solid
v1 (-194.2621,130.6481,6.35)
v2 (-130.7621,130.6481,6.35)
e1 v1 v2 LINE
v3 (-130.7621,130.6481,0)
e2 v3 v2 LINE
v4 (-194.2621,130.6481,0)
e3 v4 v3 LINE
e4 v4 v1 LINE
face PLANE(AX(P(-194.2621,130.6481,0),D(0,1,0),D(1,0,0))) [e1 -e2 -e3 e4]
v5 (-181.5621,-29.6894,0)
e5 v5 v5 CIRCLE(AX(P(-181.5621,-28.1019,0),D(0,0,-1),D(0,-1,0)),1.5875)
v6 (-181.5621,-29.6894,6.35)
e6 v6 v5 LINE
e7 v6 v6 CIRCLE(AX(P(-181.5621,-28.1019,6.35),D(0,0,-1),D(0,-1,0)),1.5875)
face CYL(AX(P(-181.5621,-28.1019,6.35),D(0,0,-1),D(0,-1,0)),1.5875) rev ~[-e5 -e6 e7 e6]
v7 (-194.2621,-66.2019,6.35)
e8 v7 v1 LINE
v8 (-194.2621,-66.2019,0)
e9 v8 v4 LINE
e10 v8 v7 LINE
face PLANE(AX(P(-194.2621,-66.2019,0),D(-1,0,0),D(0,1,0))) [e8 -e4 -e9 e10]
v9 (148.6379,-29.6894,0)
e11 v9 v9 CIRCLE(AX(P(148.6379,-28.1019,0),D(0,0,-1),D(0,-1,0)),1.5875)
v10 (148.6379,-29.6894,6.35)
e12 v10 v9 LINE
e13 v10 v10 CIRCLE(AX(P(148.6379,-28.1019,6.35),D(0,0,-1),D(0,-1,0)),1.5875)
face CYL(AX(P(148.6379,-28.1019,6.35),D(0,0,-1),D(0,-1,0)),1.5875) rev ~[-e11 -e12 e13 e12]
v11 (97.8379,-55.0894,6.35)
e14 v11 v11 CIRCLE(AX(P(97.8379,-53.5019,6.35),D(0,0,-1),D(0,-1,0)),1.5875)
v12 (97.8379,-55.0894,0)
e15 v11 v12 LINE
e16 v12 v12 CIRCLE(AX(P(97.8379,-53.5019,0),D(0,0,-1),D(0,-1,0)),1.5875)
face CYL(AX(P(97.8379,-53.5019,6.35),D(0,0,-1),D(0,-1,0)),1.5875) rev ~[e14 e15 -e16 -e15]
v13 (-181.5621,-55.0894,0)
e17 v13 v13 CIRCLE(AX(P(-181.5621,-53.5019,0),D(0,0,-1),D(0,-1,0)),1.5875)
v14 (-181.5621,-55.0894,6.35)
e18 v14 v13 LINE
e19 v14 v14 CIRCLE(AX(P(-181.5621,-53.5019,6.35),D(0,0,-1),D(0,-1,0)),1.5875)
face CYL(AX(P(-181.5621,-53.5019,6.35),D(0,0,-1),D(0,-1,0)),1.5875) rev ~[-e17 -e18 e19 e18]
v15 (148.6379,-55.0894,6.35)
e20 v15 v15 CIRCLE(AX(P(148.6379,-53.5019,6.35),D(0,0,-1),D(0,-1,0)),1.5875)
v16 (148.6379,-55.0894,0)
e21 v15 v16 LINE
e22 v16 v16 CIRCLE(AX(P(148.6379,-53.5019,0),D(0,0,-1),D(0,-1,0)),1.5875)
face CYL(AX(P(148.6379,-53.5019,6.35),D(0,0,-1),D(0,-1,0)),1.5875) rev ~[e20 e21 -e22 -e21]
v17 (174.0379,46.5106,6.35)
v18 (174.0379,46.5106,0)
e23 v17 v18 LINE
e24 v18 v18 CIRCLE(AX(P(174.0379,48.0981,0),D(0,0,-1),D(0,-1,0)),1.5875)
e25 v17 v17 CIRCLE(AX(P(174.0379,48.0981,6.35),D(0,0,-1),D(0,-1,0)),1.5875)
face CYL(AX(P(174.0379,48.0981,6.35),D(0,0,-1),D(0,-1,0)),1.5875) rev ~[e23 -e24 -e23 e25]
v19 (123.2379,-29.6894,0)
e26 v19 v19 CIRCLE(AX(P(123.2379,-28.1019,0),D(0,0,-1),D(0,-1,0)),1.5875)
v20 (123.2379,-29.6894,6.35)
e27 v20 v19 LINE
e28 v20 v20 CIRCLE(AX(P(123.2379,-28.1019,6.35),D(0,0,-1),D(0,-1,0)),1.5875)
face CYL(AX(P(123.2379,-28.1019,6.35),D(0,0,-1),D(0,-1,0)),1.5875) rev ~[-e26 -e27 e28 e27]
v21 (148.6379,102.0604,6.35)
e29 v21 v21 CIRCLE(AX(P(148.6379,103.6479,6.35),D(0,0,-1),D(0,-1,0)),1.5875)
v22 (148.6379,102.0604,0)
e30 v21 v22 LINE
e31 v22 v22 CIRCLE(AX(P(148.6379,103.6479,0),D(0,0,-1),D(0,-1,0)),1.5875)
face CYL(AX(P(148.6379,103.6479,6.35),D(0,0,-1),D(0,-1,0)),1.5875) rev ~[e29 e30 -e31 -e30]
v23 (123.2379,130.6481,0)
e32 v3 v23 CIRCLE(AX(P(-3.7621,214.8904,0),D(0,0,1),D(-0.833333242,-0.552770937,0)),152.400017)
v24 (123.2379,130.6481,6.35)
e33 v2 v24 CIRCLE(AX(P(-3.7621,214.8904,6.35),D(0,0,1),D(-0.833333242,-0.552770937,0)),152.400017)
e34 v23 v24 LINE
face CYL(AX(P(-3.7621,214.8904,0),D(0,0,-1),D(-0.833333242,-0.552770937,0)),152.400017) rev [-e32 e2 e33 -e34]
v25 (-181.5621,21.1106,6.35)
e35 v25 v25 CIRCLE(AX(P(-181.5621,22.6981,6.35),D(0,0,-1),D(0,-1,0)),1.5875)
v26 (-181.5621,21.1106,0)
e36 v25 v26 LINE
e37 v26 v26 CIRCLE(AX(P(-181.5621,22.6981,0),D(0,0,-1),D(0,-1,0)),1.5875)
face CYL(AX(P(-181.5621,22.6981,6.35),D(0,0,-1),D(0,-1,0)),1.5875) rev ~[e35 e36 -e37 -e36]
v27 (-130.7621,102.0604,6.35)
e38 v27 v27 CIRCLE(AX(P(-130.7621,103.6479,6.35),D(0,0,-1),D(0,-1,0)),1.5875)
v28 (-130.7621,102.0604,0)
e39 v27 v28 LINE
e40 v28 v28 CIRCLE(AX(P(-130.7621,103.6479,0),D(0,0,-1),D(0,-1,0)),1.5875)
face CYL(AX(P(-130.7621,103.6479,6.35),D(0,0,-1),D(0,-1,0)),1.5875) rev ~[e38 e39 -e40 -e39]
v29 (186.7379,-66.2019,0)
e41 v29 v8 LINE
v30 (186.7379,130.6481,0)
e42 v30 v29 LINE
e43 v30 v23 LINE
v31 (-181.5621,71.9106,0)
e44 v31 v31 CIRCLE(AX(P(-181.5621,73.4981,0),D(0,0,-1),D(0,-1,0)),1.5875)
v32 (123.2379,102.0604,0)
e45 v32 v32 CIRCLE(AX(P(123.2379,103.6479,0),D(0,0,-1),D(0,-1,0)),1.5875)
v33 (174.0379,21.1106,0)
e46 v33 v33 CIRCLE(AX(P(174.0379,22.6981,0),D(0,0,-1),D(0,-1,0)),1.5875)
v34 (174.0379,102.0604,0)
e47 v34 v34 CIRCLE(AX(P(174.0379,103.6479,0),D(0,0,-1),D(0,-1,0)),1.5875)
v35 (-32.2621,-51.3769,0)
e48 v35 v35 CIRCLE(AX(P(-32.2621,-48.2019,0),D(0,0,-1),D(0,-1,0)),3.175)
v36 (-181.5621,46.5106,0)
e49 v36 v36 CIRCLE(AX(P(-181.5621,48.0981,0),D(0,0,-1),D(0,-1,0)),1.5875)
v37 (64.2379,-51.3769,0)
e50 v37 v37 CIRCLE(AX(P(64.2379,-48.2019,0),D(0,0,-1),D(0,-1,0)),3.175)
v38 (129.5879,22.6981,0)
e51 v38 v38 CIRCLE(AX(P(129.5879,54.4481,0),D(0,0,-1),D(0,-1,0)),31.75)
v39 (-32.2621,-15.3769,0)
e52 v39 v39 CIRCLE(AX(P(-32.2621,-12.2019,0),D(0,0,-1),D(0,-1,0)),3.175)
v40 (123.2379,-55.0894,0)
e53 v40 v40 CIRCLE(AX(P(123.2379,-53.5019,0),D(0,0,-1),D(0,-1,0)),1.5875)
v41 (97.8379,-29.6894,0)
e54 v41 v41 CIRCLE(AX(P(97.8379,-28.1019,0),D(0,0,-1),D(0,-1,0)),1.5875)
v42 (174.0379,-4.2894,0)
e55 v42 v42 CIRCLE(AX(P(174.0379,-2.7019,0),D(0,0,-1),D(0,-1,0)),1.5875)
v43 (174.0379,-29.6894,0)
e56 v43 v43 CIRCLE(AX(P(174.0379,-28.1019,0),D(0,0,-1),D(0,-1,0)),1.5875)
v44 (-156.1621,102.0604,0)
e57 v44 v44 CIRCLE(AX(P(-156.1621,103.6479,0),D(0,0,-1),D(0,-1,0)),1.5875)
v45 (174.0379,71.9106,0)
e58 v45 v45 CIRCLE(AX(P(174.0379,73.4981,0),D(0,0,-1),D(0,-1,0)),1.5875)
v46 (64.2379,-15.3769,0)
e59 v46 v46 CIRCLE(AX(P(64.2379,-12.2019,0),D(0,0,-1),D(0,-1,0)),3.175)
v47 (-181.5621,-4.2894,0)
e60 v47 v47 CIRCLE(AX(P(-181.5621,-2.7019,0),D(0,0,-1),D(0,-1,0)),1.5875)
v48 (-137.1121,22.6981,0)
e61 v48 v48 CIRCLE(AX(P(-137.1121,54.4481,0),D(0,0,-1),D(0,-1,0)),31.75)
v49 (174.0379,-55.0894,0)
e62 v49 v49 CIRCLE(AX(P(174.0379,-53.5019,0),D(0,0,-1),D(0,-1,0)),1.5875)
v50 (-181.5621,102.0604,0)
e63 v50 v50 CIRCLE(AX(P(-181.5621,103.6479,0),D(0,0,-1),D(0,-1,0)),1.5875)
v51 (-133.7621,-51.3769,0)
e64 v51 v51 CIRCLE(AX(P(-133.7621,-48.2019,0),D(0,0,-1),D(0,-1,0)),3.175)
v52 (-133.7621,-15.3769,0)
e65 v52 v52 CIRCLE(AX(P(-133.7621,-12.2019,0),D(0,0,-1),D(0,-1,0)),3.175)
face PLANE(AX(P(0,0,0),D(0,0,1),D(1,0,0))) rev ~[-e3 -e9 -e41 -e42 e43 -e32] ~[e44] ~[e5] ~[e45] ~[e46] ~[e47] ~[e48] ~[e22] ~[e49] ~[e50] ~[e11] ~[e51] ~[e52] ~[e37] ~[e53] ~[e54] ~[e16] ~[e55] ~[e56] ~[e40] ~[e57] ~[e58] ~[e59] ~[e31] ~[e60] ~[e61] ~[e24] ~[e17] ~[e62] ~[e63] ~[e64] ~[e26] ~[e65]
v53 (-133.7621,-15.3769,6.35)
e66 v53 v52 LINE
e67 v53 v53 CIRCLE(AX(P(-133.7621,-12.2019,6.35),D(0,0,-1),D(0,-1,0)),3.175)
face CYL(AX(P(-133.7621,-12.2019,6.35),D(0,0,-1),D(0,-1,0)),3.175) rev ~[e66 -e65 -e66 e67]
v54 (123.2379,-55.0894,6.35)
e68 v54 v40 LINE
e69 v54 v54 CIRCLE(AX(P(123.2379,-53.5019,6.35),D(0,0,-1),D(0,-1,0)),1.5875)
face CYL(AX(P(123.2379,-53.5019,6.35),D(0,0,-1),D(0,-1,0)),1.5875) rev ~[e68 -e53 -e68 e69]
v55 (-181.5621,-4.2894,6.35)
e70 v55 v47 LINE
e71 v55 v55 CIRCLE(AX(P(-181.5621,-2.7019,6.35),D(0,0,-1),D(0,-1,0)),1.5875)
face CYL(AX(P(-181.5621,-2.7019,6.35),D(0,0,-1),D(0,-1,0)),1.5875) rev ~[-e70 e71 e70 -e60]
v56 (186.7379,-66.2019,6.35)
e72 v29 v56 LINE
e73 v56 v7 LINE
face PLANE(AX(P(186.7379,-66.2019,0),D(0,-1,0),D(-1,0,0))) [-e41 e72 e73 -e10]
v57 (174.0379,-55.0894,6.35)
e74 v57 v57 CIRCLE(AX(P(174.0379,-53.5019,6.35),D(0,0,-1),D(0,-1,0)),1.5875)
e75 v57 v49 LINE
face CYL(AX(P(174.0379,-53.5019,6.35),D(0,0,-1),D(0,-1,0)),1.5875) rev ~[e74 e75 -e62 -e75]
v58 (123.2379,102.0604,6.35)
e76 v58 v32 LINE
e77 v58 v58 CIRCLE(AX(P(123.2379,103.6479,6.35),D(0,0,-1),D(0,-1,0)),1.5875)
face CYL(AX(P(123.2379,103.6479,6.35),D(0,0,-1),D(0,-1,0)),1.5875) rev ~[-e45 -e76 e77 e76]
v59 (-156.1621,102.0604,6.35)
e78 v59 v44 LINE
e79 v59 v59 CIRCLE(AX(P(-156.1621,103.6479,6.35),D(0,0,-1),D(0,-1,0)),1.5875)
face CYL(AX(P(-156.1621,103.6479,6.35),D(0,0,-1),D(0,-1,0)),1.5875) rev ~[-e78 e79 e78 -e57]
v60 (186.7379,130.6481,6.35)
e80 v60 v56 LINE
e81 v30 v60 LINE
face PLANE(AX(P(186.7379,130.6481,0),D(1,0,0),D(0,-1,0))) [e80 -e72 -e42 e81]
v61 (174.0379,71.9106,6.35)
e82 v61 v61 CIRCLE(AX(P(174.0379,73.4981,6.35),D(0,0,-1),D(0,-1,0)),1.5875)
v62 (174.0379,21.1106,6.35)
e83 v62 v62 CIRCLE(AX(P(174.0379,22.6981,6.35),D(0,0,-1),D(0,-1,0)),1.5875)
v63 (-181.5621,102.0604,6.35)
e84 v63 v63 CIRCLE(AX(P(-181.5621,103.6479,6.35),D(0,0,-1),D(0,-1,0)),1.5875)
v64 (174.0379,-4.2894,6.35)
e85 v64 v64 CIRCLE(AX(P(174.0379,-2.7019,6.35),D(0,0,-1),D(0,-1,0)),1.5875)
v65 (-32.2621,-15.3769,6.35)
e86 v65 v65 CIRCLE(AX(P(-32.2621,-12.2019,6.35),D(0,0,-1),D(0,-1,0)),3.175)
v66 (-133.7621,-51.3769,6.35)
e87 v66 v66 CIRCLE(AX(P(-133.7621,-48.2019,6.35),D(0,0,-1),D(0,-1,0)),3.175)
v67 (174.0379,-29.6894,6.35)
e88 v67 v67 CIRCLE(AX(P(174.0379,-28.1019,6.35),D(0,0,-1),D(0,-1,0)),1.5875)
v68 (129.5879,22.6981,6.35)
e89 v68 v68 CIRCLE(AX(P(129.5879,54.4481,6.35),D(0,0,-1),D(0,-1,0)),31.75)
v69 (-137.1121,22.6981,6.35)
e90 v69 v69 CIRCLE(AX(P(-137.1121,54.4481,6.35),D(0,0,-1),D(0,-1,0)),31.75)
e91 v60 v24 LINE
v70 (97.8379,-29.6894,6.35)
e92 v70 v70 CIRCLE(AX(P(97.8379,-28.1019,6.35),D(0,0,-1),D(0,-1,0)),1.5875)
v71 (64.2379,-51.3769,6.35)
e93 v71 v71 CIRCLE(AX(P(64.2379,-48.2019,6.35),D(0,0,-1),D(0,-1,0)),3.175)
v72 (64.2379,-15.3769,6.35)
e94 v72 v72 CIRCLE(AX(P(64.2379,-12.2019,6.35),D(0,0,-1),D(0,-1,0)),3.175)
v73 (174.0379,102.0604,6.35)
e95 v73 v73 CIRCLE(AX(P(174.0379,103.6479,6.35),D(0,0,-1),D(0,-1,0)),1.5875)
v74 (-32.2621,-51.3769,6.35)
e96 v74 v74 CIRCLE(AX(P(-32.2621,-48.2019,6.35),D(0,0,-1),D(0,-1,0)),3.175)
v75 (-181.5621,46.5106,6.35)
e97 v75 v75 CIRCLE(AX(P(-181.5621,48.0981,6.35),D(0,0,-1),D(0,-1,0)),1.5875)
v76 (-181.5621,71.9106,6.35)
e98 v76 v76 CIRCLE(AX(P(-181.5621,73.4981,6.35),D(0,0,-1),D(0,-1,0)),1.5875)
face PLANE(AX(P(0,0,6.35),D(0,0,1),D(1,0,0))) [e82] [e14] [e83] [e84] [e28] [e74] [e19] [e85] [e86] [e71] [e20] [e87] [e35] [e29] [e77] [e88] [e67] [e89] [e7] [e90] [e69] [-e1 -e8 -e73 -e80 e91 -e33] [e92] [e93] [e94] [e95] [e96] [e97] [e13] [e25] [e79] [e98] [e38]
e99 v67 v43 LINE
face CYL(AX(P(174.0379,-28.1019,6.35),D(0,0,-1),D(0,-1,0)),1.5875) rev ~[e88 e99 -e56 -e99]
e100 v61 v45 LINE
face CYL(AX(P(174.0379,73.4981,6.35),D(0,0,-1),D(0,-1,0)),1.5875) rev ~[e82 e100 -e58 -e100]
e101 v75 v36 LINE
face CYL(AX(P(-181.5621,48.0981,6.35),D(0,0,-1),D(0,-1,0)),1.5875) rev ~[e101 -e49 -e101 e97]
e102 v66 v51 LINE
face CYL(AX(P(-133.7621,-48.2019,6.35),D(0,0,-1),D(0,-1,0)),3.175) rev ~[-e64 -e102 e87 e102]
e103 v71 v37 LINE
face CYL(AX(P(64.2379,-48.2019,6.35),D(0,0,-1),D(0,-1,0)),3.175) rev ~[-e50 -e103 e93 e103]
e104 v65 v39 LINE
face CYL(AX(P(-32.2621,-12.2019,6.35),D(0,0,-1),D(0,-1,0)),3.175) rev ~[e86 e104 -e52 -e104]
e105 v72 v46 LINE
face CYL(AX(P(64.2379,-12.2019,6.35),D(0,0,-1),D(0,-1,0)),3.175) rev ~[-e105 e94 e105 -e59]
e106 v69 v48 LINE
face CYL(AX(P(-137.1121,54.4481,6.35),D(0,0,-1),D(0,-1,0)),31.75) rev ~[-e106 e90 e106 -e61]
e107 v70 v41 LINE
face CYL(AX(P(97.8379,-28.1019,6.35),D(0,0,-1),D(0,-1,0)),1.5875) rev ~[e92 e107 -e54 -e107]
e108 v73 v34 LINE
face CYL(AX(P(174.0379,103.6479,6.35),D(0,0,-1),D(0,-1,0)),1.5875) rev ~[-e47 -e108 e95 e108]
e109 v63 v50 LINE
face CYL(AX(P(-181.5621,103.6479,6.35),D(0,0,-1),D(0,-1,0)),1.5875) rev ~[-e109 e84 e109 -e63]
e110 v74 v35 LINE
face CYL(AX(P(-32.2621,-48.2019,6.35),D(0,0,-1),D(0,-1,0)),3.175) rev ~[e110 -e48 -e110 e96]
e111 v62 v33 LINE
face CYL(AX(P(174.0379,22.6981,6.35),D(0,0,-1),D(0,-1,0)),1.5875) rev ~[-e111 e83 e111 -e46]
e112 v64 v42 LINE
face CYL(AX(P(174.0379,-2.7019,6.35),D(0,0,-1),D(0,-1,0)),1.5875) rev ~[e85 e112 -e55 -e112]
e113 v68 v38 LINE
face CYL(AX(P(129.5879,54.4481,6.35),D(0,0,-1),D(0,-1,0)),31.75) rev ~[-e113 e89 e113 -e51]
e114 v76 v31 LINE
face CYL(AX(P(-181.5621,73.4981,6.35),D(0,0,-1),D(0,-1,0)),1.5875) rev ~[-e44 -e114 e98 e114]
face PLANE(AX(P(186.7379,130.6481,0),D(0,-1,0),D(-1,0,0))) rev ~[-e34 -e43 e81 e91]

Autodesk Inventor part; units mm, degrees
ref_plane "YZ Plane" through (0, 0, 0) normal (1, 0, 0) x (0, 1, 0)
ref_plane "XZ Plane" through (0, 0, 0) normal (0, 1, 0) x (-1, 0, 0)
ref_plane "XY Plane" through (0, 0, 0) normal (0, 0, 1) x (1, 0, 0)
sketch "Sketch1" plane through (0, 0, 0) normal (0, 0, 1) x (1, 0, 0)
  line L0 (186.7379, 130.6481) -> (186.7379, -66.2019)
  line L1 (186.7379, -66.2019) -> (-194.2621, -66.2019)
  line L2 (-194.2621, -66.2019) -> (-194.2621, 130.6481)
  line L3 (-194.2621, 130.6481) -> (-130.7621, 130.6481)
  line L4 (186.7379, 130.6481) -> (123.2379, 130.6481)
  arc A0 (-130.7621, 130.6481) -> (123.2379, 130.6481) centre (-3.7621, 214.8904) ccw
  point P0 (0, 0)
  dimension "d0" = 381
  dimension "d1" = 196.85
  dimension "d41" = 63.5
  dimension "d42" = 63.5
  dimension "d43" = 152.4
extrude "Extrusion1" add sketch "Sketch1" along normal blind 6.35
hole "Hole2" at (-137.1121, 54.4481, 6.35) direction (0, 0, -1) diameter 63.5 end through all
hole "Hole3" at (129.5879, 54.4481, 6.35) direction (0, 0, -1) diameter 63.5 end through all
hole "Hole4" at (-181.5621, -53.5019, 6.35) direction (0, 0, -1) diameter 3.175 end through all
hole "Hole5" at (174.0379, -53.5019, 6.35) direction (0, 0, -1) diameter 3.175 end through all
pattern_linear "Rectangular Pattern4" count 6 spacing 25.4 along (0, 1, 0) of "Hole4"
pattern_linear "Rectangular Pattern5" count 6 spacing 25.4 along (0, 1, 0) of "Hole5"
pattern_linear "Rectangular Pattern6" count 4 spacing 25.4 along (-1, 0, 0) count 2 spacing 25.4 along (0, 1, 0) of "Hole5"
hole "Hole6" at (-181.5621, 103.6479, 6.35) direction (0, 0, -1) diameter 3.175 end through all
pattern_linear "Rectangular Pattern7" count 20 spacing 25.4 along (1, 0, 0) of "Hole6"
hole "Hole7" at (-133.7621, -48.2019, 6.35) direction (0, 0, -1) diameter 6.35 end through all
pattern_linear "Rectangular Pattern8" count 2 spacing 36 along (0, 1, 0) of "Hole7"
hole "Hole8" at (-32.2621, -48.2019, 6.35) direction (0, 0, -1) diameter 6.35 end through all
pattern_linear "Rectangular Pattern9" count 2 spacing 36 along (0, 1, 0) of "Hole8"
hole "Hole9" at (64.2379, -48.2019, 6.35) direction (0, 0, -1) diameter 6.35 end through all
pattern_linear "Rectangular Pattern10" count 2 spacing 36 along (0, 1, 0) of "Hole9"
properties part number "Devant - Bas Rammasse-Balle"
